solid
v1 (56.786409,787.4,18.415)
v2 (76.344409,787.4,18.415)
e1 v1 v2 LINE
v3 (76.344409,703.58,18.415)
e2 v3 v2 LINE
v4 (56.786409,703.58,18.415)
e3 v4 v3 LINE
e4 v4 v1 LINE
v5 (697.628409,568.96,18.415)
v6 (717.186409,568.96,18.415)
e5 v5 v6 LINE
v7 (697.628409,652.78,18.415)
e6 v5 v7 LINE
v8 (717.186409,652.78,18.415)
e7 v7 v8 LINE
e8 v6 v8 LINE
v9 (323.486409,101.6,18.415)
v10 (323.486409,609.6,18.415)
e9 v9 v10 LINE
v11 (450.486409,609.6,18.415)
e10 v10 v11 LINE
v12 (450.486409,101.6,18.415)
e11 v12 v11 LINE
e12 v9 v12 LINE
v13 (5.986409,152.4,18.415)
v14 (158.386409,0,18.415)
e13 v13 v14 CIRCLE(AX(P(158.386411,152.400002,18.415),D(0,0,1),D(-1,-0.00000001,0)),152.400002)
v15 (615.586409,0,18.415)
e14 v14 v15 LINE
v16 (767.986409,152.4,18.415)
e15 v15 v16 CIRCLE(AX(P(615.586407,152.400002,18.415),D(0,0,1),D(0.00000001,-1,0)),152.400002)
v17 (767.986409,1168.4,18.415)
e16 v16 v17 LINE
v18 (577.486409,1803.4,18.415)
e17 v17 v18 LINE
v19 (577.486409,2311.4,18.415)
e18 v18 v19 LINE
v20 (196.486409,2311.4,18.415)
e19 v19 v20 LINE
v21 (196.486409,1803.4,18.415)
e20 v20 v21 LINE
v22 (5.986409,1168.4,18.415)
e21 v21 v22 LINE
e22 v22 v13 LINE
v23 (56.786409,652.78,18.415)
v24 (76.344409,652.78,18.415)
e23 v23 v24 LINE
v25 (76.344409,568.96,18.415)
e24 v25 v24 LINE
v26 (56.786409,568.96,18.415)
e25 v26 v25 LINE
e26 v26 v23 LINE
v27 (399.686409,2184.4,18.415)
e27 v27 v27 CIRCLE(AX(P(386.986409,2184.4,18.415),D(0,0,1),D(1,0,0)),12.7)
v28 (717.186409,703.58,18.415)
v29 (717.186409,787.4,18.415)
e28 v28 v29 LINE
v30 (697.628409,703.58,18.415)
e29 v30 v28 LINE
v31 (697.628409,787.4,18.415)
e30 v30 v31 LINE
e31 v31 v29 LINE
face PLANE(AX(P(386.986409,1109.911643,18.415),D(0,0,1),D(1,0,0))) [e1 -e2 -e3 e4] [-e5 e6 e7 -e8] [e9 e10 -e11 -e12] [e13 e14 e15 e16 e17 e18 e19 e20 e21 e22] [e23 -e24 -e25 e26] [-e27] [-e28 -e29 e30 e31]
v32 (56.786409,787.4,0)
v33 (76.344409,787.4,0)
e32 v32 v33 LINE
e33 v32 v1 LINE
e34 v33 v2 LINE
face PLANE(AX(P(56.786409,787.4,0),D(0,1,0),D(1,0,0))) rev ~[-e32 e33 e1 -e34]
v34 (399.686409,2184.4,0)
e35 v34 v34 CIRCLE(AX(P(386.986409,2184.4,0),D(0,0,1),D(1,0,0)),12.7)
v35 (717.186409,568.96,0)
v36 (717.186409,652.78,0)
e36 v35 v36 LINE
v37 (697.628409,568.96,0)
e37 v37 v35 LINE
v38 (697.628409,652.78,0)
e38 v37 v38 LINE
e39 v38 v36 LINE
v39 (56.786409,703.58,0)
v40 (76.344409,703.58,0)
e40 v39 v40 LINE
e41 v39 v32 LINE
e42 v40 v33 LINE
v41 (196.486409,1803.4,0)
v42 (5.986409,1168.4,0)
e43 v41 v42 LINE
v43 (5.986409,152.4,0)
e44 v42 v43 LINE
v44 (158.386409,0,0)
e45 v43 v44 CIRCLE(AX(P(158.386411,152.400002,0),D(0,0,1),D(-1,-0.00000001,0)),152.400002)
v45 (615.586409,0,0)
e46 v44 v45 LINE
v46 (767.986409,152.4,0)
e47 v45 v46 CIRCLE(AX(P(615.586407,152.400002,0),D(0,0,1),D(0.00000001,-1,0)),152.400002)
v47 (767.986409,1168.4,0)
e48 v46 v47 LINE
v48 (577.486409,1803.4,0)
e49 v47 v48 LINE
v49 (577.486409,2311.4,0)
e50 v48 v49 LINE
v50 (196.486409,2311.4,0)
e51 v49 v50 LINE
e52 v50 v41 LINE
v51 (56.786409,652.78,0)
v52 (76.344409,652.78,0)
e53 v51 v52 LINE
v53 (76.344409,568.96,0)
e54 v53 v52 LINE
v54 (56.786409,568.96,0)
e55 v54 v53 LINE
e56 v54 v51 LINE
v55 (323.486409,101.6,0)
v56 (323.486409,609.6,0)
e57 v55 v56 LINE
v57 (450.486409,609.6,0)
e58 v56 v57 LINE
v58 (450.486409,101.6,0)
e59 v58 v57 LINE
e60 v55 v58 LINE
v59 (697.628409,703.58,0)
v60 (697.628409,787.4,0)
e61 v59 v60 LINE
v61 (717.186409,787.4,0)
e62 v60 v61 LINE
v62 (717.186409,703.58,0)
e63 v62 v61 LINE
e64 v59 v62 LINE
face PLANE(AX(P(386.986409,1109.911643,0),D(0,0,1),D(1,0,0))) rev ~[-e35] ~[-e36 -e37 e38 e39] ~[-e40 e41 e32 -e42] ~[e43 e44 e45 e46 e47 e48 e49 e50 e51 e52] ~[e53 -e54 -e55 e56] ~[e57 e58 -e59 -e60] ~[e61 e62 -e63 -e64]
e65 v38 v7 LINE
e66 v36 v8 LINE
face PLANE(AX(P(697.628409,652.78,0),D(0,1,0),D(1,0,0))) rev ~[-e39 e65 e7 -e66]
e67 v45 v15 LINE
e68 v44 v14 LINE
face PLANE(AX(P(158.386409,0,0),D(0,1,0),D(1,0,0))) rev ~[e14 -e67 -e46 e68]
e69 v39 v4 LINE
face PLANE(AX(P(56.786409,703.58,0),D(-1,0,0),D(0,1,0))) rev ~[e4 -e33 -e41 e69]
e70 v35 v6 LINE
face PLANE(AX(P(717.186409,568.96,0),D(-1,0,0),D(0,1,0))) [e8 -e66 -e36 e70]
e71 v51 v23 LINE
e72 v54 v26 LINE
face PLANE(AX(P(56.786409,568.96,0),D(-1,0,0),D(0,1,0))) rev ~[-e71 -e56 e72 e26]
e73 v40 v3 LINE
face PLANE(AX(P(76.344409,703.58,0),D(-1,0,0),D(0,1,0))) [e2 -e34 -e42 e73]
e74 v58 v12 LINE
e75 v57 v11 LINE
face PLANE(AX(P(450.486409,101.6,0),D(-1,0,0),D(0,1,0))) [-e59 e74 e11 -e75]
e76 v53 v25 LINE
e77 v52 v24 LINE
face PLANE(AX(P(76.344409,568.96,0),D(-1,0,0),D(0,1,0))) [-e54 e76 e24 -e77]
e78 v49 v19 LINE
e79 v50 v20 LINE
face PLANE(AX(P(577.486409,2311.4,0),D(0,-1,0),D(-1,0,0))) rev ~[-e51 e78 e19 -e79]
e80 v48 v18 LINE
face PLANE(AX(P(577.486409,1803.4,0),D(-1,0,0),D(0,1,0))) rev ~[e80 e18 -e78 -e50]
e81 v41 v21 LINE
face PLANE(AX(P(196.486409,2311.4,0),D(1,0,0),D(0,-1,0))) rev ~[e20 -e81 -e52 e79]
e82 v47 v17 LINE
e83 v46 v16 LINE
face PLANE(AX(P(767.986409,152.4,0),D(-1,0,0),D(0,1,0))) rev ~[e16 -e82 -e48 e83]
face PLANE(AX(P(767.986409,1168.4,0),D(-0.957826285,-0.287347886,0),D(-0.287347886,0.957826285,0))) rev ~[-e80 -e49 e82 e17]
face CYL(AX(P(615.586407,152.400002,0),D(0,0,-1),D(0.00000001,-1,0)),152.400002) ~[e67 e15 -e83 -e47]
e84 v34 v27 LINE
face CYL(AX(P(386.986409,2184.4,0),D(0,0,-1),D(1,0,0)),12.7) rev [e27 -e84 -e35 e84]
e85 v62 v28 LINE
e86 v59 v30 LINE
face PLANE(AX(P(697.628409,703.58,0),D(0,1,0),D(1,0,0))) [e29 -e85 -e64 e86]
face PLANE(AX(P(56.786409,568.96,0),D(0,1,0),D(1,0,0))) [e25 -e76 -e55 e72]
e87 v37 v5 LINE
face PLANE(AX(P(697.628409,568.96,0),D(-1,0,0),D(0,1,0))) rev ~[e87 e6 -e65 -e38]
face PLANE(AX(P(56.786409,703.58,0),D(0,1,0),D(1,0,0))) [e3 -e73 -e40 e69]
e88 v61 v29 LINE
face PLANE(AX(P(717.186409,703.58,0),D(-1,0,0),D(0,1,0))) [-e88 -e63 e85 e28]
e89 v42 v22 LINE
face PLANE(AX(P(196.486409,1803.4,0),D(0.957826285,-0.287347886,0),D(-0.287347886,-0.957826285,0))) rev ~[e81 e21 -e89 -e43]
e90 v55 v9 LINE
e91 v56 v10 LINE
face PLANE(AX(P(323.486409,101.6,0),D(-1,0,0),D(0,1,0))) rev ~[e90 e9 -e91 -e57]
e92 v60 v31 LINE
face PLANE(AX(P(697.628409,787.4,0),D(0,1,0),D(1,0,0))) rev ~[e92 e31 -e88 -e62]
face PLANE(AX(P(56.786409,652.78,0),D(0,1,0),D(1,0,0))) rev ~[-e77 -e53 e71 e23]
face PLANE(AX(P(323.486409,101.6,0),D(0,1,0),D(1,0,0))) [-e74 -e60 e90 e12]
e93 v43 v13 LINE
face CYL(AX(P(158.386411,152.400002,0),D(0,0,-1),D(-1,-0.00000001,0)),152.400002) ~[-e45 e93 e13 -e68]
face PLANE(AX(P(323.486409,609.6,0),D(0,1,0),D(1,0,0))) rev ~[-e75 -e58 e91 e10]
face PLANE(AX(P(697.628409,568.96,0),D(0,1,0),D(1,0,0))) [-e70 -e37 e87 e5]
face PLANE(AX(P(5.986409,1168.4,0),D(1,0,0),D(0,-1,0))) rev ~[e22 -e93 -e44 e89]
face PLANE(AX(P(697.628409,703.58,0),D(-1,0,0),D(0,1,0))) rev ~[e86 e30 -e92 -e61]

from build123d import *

# Parameters (mm, degrees)
F0_W     = 127
F0_H     = 508
F0_W_2   = 19.558
F0_H_2   = 83.82
F0_R     = 12.7
F1_DEPTH = 18.415


with BuildPart() as f1:
    # F0 (on Top) → F1 (new body)
    with BuildSketch(Plane.XY):
        with BuildLine():
            ThreePointArc((5.986409, 152.4), (50.623336, 44.636927), (158.386409, 0))
            Line((158.386409, 0), (615.586409, 0))
            ThreePointArc((615.586409, 0), (723.349482, 44.636927), (767.986409, 152.4))
            Line((767.986409, 152.4), (767.986409, 1168.4))
            Line((767.986409, 1168.4), (577.486409, 1803.4))
            Line((577.486409, 1803.4), (577.486409, 2311.4))
            Line((577.486409, 2311.4), (196.486409, 2311.4))
            Line((196.486409, 2311.4), (196.486409, 1803.4))
            Line((196.486409, 1803.4), (5.986409, 1168.4))
            Line((5.986409, 1168.4), (5.986409, 152.4))
        make_face()
        with Locations((386.986409, 355.6)):
            Rectangle(F0_W, F0_H, mode=Mode.SUBTRACT)
        with Locations((66.565409, 610.87)):
            Rectangle(F0_W_2, F0_H_2, mode=Mode.SUBTRACT)
        with Locations((66.565409, 745.49)):
            Rectangle(F0_W_2, F0_H_2, mode=Mode.SUBTRACT)
        with Locations((707.407409, 610.87)):
            Rectangle(F0_W_2, F0_H_2, mode=Mode.SUBTRACT)
        with Locations((707.407409, 745.49)):
            Rectangle(F0_W_2, F0_H_2, mode=Mode.SUBTRACT)
        with Locations((386.986409, 2184.4)):
            Circle(F0_R, mode=Mode.SUBTRACT)
    extrude(amount=F1_DEPTH)


solid = f1.part
